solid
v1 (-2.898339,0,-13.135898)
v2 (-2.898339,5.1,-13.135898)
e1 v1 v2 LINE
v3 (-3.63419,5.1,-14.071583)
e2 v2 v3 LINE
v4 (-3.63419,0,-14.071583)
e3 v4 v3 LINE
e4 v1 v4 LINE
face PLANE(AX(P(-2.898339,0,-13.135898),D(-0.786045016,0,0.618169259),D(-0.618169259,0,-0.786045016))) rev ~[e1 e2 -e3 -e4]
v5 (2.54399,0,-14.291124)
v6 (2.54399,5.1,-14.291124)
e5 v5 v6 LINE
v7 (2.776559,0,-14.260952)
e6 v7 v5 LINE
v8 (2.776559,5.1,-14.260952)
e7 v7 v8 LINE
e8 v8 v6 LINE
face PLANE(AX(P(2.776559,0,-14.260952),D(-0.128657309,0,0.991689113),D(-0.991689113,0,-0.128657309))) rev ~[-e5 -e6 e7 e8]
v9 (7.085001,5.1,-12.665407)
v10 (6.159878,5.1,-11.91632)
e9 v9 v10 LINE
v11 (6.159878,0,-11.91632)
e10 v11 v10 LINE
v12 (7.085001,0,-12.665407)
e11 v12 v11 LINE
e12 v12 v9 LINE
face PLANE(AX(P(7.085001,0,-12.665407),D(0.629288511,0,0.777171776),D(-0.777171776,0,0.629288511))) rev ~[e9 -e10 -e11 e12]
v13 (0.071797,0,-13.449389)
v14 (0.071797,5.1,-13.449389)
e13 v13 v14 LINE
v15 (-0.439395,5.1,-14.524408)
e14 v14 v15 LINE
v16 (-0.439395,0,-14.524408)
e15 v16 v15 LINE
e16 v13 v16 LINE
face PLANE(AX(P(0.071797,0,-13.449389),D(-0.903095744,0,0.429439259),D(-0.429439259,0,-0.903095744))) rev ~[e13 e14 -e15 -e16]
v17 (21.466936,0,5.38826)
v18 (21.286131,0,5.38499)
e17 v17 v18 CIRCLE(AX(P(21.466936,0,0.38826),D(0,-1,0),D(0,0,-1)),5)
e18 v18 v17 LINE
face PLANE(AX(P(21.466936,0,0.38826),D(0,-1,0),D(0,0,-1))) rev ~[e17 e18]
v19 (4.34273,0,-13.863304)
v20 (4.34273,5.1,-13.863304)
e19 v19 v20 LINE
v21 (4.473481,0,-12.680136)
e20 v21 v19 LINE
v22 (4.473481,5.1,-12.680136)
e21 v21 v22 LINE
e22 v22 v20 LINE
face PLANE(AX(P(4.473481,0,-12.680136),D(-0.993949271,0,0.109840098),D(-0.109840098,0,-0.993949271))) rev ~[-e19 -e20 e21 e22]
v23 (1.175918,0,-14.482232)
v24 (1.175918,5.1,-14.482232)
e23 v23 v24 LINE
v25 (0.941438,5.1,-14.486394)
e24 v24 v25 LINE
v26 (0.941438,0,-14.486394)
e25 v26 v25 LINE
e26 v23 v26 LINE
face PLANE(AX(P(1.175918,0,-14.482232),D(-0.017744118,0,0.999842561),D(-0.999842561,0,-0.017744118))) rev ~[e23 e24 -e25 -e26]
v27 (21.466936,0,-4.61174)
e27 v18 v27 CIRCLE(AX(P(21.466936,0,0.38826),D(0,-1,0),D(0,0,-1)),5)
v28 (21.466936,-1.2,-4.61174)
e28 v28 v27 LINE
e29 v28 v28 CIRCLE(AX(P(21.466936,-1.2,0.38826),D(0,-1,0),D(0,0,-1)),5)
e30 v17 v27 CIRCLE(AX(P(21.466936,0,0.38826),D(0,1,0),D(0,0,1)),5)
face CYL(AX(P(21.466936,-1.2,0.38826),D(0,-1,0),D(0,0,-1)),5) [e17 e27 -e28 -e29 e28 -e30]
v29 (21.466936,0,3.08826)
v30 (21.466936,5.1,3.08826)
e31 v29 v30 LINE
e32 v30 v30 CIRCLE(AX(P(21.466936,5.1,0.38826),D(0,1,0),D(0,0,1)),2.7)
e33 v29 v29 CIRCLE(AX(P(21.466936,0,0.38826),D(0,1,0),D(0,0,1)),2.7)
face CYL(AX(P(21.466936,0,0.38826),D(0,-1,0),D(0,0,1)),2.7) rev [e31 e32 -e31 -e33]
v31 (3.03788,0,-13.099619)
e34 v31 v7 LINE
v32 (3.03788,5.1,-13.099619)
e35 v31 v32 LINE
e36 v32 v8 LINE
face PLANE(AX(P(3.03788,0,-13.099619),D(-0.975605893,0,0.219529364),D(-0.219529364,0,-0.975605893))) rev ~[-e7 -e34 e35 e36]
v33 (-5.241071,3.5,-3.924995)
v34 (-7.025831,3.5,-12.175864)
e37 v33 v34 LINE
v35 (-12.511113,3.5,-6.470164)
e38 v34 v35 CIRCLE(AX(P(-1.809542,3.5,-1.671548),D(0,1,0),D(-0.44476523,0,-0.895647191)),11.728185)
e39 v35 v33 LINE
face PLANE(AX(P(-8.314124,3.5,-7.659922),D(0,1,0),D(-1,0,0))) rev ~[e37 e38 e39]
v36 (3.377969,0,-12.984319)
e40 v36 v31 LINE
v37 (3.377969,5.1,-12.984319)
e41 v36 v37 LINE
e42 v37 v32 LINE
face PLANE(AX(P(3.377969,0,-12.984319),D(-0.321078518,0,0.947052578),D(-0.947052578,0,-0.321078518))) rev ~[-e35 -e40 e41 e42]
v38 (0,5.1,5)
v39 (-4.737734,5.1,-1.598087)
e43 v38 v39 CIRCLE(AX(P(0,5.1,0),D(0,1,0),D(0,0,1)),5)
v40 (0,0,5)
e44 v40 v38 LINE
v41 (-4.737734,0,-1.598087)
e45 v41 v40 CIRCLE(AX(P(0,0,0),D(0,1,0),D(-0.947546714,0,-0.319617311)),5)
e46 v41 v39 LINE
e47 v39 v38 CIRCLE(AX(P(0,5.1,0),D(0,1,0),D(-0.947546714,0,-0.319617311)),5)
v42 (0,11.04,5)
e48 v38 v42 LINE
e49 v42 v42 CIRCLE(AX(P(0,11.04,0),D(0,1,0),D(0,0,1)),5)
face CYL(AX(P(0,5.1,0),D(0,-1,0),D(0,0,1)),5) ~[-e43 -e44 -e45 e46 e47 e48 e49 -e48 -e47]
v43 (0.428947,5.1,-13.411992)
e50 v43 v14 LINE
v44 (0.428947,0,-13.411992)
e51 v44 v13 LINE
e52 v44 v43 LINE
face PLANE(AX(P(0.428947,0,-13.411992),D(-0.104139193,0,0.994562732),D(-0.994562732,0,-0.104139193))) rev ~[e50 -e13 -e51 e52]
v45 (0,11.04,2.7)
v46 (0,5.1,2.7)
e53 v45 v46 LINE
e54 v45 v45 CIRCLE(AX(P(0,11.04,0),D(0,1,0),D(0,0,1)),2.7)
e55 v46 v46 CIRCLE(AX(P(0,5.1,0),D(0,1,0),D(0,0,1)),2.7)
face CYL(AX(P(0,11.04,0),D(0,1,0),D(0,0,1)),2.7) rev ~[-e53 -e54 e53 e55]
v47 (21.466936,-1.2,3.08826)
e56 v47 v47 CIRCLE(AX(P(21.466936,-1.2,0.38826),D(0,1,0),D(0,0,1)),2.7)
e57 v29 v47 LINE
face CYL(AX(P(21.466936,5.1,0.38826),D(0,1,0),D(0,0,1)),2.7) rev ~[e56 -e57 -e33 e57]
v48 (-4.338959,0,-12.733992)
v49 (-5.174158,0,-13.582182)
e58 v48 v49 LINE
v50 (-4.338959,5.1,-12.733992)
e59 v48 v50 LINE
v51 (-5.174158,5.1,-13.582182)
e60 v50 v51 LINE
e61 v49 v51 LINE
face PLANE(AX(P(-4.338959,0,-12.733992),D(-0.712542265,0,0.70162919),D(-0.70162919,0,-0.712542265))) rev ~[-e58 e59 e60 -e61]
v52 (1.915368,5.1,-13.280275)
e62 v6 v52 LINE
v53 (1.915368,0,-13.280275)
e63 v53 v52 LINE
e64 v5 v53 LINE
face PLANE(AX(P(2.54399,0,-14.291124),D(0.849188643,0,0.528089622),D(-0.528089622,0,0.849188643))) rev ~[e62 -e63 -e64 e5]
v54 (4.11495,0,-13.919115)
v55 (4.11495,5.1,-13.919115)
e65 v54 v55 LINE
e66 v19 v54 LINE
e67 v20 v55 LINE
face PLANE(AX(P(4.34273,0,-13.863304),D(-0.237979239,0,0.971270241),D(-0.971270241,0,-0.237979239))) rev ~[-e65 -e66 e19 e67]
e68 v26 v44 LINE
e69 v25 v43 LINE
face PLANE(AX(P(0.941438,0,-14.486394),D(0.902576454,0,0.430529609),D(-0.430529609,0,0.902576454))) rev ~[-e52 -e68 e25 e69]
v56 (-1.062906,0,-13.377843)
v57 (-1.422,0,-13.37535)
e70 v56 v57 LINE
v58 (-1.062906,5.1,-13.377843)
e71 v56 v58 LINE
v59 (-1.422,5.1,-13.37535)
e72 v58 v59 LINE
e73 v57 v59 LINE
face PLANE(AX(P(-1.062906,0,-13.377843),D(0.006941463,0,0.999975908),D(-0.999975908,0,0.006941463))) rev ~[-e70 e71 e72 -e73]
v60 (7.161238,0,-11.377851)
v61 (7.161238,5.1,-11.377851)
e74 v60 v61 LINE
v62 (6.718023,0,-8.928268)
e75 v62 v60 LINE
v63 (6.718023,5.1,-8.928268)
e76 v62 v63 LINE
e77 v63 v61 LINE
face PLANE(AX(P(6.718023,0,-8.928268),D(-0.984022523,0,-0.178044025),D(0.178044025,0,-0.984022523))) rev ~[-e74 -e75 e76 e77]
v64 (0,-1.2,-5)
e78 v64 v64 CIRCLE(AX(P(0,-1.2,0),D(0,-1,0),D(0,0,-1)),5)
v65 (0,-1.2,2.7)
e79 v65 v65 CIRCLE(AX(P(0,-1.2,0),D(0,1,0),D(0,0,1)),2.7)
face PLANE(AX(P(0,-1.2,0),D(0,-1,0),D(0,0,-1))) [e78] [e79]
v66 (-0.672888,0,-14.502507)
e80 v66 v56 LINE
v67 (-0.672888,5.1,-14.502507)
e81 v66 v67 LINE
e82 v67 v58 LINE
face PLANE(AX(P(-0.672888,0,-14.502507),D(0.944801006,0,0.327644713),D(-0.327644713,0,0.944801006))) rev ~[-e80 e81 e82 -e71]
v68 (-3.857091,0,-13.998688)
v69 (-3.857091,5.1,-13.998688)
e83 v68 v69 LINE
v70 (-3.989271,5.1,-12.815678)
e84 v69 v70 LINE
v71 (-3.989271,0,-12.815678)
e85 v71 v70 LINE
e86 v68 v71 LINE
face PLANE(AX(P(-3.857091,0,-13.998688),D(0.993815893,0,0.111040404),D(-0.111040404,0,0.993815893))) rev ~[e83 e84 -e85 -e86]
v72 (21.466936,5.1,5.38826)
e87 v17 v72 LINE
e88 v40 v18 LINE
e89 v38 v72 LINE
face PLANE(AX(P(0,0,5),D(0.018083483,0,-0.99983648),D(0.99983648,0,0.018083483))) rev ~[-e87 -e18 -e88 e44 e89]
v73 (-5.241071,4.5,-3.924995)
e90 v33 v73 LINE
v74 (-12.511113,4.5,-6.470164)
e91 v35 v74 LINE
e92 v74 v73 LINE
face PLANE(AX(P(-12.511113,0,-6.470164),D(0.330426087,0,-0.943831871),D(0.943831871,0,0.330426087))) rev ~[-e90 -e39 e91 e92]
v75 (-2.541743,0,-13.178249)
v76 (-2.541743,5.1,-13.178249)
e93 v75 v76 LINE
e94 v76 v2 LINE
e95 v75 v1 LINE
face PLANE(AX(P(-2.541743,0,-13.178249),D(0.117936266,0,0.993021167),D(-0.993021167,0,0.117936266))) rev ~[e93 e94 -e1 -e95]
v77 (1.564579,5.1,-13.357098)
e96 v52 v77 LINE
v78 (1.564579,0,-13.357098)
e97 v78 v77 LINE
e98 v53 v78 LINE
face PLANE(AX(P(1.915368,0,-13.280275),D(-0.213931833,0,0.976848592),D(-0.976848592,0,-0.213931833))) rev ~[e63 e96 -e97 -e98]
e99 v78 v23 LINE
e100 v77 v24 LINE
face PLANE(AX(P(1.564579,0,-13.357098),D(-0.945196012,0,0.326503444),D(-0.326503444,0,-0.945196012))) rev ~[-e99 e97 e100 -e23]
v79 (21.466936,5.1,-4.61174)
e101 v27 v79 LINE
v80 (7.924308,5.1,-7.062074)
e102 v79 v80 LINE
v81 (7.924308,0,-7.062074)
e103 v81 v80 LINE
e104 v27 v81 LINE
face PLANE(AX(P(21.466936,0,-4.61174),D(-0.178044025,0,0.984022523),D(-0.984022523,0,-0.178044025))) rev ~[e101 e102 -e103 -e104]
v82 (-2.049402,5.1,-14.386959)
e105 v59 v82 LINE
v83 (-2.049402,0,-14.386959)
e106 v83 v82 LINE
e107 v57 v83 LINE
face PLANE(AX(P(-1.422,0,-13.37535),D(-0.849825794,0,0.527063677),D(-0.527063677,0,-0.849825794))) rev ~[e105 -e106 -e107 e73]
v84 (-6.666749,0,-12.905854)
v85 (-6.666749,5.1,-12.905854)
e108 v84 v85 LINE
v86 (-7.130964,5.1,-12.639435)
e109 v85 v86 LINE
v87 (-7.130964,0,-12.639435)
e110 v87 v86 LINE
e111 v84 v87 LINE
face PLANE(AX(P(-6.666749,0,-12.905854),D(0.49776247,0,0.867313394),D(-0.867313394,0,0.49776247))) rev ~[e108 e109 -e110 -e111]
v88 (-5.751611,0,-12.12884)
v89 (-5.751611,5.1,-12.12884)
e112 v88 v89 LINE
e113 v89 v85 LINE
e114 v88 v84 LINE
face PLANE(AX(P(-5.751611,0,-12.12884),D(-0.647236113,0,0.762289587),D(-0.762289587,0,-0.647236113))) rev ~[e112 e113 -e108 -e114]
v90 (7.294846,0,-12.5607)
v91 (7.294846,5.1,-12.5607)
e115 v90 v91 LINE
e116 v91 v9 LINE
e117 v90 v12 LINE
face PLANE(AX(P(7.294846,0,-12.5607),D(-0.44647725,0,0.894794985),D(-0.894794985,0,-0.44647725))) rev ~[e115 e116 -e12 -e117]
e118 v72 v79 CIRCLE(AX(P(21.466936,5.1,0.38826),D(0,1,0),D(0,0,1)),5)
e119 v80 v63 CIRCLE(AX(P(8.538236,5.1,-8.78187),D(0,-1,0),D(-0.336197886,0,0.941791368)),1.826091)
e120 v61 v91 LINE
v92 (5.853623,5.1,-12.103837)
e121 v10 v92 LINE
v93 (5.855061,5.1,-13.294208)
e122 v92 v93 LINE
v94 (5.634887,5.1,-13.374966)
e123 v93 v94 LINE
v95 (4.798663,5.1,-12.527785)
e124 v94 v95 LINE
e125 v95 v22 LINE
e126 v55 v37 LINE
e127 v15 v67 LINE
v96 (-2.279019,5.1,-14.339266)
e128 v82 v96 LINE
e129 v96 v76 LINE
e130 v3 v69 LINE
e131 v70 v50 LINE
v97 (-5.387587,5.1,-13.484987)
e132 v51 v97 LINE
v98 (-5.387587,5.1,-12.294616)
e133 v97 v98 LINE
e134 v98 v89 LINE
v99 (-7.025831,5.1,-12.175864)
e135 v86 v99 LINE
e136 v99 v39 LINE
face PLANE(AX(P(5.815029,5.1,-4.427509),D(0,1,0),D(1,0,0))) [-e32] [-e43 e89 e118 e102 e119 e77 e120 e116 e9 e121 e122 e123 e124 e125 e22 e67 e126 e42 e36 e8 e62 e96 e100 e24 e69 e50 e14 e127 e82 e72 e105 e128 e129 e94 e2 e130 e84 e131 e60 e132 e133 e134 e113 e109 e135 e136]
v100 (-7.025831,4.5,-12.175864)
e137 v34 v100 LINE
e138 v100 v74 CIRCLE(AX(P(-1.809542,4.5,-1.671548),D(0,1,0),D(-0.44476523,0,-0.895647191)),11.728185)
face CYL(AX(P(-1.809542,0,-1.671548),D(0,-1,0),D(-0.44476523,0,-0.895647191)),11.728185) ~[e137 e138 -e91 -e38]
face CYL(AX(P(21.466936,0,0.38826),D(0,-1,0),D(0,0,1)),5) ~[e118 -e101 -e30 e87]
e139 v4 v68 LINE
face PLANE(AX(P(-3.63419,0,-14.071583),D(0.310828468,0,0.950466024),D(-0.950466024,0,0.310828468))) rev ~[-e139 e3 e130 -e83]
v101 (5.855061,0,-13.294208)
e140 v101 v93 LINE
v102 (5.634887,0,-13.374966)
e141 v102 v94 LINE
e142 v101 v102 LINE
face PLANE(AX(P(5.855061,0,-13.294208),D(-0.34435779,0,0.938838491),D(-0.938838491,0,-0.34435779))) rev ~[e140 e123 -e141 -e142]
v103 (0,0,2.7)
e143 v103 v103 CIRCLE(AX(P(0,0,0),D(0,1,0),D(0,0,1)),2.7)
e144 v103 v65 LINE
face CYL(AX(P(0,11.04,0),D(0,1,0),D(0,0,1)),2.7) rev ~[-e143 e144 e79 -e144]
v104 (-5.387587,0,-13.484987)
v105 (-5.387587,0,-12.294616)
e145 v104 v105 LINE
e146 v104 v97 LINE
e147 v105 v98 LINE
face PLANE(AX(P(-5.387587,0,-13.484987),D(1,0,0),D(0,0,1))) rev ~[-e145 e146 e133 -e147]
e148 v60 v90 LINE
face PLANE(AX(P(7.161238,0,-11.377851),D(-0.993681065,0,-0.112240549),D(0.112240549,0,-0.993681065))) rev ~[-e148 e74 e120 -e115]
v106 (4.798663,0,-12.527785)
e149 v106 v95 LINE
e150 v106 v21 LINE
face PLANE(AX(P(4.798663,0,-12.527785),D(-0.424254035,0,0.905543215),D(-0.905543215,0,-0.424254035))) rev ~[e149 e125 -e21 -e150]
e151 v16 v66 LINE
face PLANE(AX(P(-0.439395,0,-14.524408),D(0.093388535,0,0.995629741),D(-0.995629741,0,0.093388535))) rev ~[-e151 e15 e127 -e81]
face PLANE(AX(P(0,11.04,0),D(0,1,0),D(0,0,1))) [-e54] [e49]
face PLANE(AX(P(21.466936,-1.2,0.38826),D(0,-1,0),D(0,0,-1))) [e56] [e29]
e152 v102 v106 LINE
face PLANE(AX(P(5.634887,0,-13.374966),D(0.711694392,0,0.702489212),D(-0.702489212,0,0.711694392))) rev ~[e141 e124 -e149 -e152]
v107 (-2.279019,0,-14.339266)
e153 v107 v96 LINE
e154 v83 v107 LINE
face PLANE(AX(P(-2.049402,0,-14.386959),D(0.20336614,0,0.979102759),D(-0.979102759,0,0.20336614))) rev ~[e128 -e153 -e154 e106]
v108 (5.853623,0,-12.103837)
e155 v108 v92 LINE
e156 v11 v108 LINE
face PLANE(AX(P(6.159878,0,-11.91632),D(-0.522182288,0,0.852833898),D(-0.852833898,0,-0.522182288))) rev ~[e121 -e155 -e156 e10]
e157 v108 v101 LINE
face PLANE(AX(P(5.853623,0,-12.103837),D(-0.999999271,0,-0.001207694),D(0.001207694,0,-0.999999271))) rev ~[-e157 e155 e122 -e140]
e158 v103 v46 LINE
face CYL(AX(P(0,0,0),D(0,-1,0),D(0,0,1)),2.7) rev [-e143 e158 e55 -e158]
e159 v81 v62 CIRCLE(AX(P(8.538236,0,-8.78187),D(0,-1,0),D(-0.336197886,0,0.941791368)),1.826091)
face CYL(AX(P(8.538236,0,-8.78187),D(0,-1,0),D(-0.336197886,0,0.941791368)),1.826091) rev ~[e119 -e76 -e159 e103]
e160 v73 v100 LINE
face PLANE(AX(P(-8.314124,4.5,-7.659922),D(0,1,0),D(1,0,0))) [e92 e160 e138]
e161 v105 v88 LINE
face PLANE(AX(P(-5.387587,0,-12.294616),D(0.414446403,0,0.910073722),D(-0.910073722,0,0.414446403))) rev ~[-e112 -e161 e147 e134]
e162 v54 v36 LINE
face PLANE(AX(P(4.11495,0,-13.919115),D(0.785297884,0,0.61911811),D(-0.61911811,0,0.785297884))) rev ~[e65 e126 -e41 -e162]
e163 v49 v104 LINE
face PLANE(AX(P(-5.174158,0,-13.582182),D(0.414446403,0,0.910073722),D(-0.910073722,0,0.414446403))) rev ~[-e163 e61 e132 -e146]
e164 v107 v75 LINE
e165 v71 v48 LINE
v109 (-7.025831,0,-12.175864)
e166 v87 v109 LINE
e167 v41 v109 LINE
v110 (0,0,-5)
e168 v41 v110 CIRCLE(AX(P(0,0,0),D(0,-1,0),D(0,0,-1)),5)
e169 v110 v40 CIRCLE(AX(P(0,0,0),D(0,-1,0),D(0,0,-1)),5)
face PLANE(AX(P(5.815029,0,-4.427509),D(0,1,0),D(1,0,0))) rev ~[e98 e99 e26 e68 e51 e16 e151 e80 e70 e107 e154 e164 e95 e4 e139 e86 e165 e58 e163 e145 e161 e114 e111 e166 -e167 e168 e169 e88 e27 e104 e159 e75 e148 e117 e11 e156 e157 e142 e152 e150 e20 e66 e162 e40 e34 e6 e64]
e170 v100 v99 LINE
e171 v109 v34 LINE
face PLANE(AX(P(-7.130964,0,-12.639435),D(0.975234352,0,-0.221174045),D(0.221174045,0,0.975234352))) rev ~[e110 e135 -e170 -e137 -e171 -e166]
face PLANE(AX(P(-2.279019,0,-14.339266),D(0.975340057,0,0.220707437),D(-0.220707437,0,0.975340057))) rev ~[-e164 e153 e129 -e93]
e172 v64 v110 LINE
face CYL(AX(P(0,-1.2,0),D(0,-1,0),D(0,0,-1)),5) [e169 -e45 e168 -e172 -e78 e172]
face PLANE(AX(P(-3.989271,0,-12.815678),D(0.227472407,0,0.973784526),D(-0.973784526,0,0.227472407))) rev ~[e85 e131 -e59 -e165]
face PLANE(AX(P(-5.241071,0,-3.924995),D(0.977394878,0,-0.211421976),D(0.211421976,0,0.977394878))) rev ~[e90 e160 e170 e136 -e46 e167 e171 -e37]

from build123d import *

# Parameters (mm, degrees)
SKETCH_1_R          = 2.7000000000000006
SKETCH_1_R_2        = 2.700000000000003
EXTRUDE_1_DEPTH     = 5.1
SKETCH_2_R          = 4.999999999999998
SKETCH_2_R_2        = 2.5
EXTRUDE_2_DEPTH     = 5.94
CUT_EXTRUDE_1_DEPTH = 3.5
CUT_EXTRUDE_START   = -0.6
CUT_EXTRUDE_3_DEPTH = 0.6
EXTRUDE_START       = 1.2
SKETCH_6_R          = 4.999999999999998
SKETCH_6_R_2        = 2.5
SKETCH_6_R_3        = 5
SKETCH_6_R_4        = 2.4999999999999987
EXTRUDE_4_DEPTH     = 1.2
SKETCH_7_R          = 2.6000000000000005
CUT_EXTRUDE_4_DEPTH = 33.57721194023454
SKETCH_8_R          = 2.6
CUT_EXTRUDE_5_DEPTH = 31.8406734329677
SKETCH_10_R         = 2.7
CUT_EXTRUDE_6_DEPTH = 33.57721194023454
SKETCH_11_R         = 2.700000000000001
CUT_EXTRUDE_7_DEPTH = 31.8406734329677


with BuildPart() as part:
    # Эскиз1 → Бобышка-Вытянуть1 (new body)
    with BuildSketch(Plane(origin=(0, 0, 0), x_dir=(1, 0, 0), z_dir=(0, 1, 0))):
        with BuildLine():
            Line((6.718023264525762, 8.928267668376021), (7.161238337218641, 11.37785065819786))
            Line((7.161238337218641, 11.37785065819786), (7.294846288705666, 12.560700282216452))
            Line((7.294846288705666, 12.560700282216452), (7.085001061393901, 12.665407082864023))
            Line((7.085001061393901, 12.665407082864023), (6.15987792536569, 11.916319971156167))
            Line((6.15987792536569, 11.916319971156167), (5.853623131200735, 12.10383694173367))
            Line((5.853623131200735, 12.10383694173367), (5.855060736117009, 13.29420757772634))
            Line((5.855060736117009, 13.29420757772634), (5.634886528714601, 13.37496556136943))
            Line((5.634886528714601, 13.37496556136943), (4.798663389284832, 12.527784837542624))
            Line((4.798663389284832, 12.527784837542624), (4.473480547373511, 12.680135526842204))
            Line((4.473480547373511, 12.680135526842204), (4.342730025112913, 13.863304415323501))
            Line((4.342730025112913, 13.863304415323501), (4.114949999467502, 13.919114749889351))
            Line((4.114949999467502, 13.919114749889351), (3.3779694438823102, 12.984318526945106))
            Line((3.3779694438823102, 12.984318526945106), (3.0378804853992434, 13.099618628946285))
            Line((3.0378804853992434, 13.099618628946285), (2.776558986480811, 14.260952083189514))
            Line((2.776558986480811, 14.260952083189514), (2.54399037483231, 14.291124494483034))
            Line((2.54399037483231, 14.291124494483034), (1.9153675367628848, 13.280274532718662))
            Line((1.9153675367628848, 13.280274532718662), (1.56457875493138, 13.35709799101592))
            Line((1.56457875493138, 13.35709799101592), (1.175918359734634, 14.482232389631033))
            Line((1.175918359734634, 14.482232389631033), (0.9414376205823001, 14.486393698794194))
            Line((0.9414376205823001, 14.486393698794194), (0.4289474421954887, 13.411992407470256))
            Line((0.42894744219548875, 13.411992407470256), (0.07179746795026506, 13.449389053044667))
            Line((0.07179746795026506, 13.449389053044667), (-0.4393947883485354, 14.524408492330128))
            Line((-0.43939478834853546, 14.524408492330128), (-0.6728875469021285, 14.502507231398162))
            Line((-0.6728875469021285, 14.502507231398162), (-1.062906477097084, 13.377843036257644))
            Line((-1.062906477097084, 13.377843036257644), (-1.4220003362283888, 13.375350339371238))
            Line((-1.4220003362283888, 13.375350339371238), (-2.049401918098927, 14.386958748197415))
            Line((-2.049401918098927, 14.386958748197415), (-2.279018807507275, 14.33926579666565))
            Line((-2.279018807507275, 14.33926579666565), (-2.5417426516817105, 13.178248785832608))
            Line((-2.5417426516817105, 13.178248785832608), (-2.898339045786024, 13.13589757669542))
            Line((-2.898339045786024, 13.13589757669542), (-3.6341901158202092, 14.071583165165732))
            Line((-3.6341901158202092, 14.071583165165732), (-3.8570911851181764, 13.998688399693854))
            Line((-3.8570911851181764, 13.998688399693854), (-3.989270518385492, 12.815678280718325))
            Line((-3.989270518385492, 12.815678280718325), (-4.3389589867331635, 12.733992368173748))
            Line((-4.3389589867331635, 12.733992368173748), (-5.174158380979493, 13.582182376127184))
            Line((-5.174158380979493, 13.582182376127184), (-5.3875867419063175, 13.48498737481814))
            Line((-5.3875867419063175, 13.48498737481814), (-5.3875867419063175, 12.2946158707315))
            Line((-5.3875867419063175, 12.2946158707315), (-5.751610974482103, 12.12883970299033))
            Line((-5.751610974482103, 12.12883970299033), (-6.666748566138722, 12.905854249247858))
            Line((-6.666748566138722, 12.905854249247858), (-7.13096440438616, 12.63943472468846))
            Line((-7.13096440438616, 12.63943472468846), (-7.025830916712447, 12.175864106991055))
            ThreePointArc((-7.025830916712449, 12.175864106991055), (-10.264322646127633, 9.799709596012173), (-12.51111253150909, 6.470163958468902))
            Line((-12.51111253150909, 6.470163958468902), (-5.241071220187256, 3.924995297345621))
            Line((-5.241071220187256, 3.924995297345621), (-4.737733567637334, 1.5980865565051285))
            ThreePointArc((-4.737733567637334, 1.5980865565051288), (-4.061430338102922, -2.9162962141622684), (1.55e-15, -5))
            Line((2.2e-16, -5), (21.46693589645179, -5.388260461869603))
            ThreePointArc((21.46693589645179, -5.388260461869605), (26.46693589645179, -0.3882604618696045), (21.46693589645179, 4.611739538130397))
            Line((21.46693589645179, 4.611739538130397), (7.924308406385933, 7.062073595968816))
            ThreePointArc((7.924308406385932, 7.062073595968816), (7.00463576208043, 7.790569444059032), (6.718023264525762, 8.928267668376021))
        make_face()
        with Locations(Location((21.46693589645179, -0.3882604618696027, 0), (0, 0, 270))):
            Circle(SKETCH_1_R, mode=Mode.SUBTRACT)
        with Locations(Location((-2.22e-15, -1.39e-15, 0), (0, 0, 270))):
            Circle(SKETCH_1_R_2, mode=Mode.SUBTRACT)
    extrude(amount=EXTRUDE_1_DEPTH)

    # Эскиз2 → Бобышка-Вытянуть2 (add)
    with BuildSketch(Plane(origin=(0, 5.1, 0), x_dir=(1, 0, 0), z_dir=(0, 1, 0))):
        with Locations(Location((0, 0, 0), (0, 0, 270))):
            Circle(SKETCH_2_R)
        with Locations(Location((0, 0, 0), (0, 0, 270))):
            Circle(SKETCH_2_R_2, mode=Mode.SUBTRACT)
    extrude(amount=EXTRUDE_2_DEPTH)

    # Эскиз4 → Вырез-Вытянуть1 (cut)
    with BuildSketch(Plane.XZ):
        with BuildLine():
            Line((-5.241071220187255, -3.924995297345621), (-7.025830916712447, -12.175864106991055))
            ThreePointArc((-7.025830916712447, -12.175864106991055), (-10.264322646127628, -9.799709596012166), (-12.511112531509088, -6.470163958468901))
            Line((-12.511112531509088, -6.470163958468901), (-5.241071220187255, -3.924995297345621))
        make_face()
    extrude(amount=-CUT_EXTRUDE_1_DEPTH, mode=Mode.SUBTRACT)

    # Эскиз5 → Вырез-Вытянуть3 (cut)
    with BuildSketch(Plane(origin=(0, 5.1, 0), x_dir=(1, 0, 0), z_dir=(0, 1, 0)).offset(CUT_EXTRUDE_START)):
        with BuildLine():
            Line((-5.241071220187255, 3.924995297345621), (-7.025830916712447, 12.175864106991055))
            ThreePointArc((-7.025830916712447, 12.175864106991055), (-10.264322646127628, 9.799709596012168), (-12.511112531509088, 6.470163958468901))
            Line((-12.511112531509088, 6.470163958468901), (-5.241071220187255, 3.924995297345621))
        make_face()
    extrude(amount=CUT_EXTRUDE_3_DEPTH, mode=Mode.SUBTRACT)

    # Эскиз6 → Бобышка-Вытянуть4 (add)
    # profile 1 of 2: a face of its own
    with BuildSketch(Plane.XZ.offset(EXTRUDE_START)):
        with Locations(Location((0, 0, 0), (0, 0, 270))):
            Circle(SKETCH_6_R)
        with Locations(Location((0, 0, 0), (0, 0, 90))):
            Circle(SKETCH_6_R_2, mode=Mode.SUBTRACT)
    # profile 2 of 2: a face of its own
    with BuildSketch(Plane.XZ.offset(EXTRUDE_START)):
        with Locations(Location((21.46693589645179, 0.38826046186960295, 0), (0, 0, 270))):
            Circle(SKETCH_6_R_3)
        with Locations(Location((21.46693589645179, 0.38826046186960295, 0), (0, 0, 270))):
            Circle(SKETCH_6_R_4, mode=Mode.SUBTRACT)
    extrude(amount=-EXTRUDE_4_DEPTH)

    # Эскиз7 → Вырез-Вытянуть4 (cut, through all)
    with BuildSketch(Plane(origin=(0, 11.04, 0), x_dir=(1, 0, 0), z_dir=(0, 1, 0))):
        with Locations(Location((0, 0, 0), (0, 0, 270))):
            Circle(SKETCH_7_R)
    extrude(amount=-CUT_EXTRUDE_4_DEPTH, mode=Mode.SUBTRACT)

    # Эскиз8 → Вырез-Вытянуть5 (cut, through all)
    with BuildSketch(Plane(origin=(0, 5.1, 0), x_dir=(1, 0, 0), z_dir=(0, 1, 0))):
        with Locations(Location((21.46693589645179, -0.38826046186960295, 0), (0, 0, 270))):
            Circle(SKETCH_8_R)
    extrude(amount=-CUT_EXTRUDE_5_DEPTH, mode=Mode.SUBTRACT)

    # Эскиз10 → Вырез-Вытянуть6 (cut, through all)
    with BuildSketch(Plane(origin=(0, 11.04, 0), x_dir=(1, 0, 0), z_dir=(0, 1, 0))):
        with Locations(Location((0, 0, 0), (0, 0, 270))):
            Circle(SKETCH_10_R)
    extrude(amount=-CUT_EXTRUDE_6_DEPTH, mode=Mode.SUBTRACT)

    # Эскиз11 → Вырез-Вытянуть7 (cut, through all)
    with BuildSketch(Plane(origin=(0, 5.1, 0), x_dir=(1, 0, 0), z_dir=(0, 1, 0))):
        with Locations(Location((21.46693589645179, -0.38826046186960295, 0), (0, 0, 270))):
            Circle(SKETCH_11_R)
    extrude(amount=-CUT_EXTRUDE_7_DEPTH, mode=Mode.SUBTRACT)


solid = part.part
